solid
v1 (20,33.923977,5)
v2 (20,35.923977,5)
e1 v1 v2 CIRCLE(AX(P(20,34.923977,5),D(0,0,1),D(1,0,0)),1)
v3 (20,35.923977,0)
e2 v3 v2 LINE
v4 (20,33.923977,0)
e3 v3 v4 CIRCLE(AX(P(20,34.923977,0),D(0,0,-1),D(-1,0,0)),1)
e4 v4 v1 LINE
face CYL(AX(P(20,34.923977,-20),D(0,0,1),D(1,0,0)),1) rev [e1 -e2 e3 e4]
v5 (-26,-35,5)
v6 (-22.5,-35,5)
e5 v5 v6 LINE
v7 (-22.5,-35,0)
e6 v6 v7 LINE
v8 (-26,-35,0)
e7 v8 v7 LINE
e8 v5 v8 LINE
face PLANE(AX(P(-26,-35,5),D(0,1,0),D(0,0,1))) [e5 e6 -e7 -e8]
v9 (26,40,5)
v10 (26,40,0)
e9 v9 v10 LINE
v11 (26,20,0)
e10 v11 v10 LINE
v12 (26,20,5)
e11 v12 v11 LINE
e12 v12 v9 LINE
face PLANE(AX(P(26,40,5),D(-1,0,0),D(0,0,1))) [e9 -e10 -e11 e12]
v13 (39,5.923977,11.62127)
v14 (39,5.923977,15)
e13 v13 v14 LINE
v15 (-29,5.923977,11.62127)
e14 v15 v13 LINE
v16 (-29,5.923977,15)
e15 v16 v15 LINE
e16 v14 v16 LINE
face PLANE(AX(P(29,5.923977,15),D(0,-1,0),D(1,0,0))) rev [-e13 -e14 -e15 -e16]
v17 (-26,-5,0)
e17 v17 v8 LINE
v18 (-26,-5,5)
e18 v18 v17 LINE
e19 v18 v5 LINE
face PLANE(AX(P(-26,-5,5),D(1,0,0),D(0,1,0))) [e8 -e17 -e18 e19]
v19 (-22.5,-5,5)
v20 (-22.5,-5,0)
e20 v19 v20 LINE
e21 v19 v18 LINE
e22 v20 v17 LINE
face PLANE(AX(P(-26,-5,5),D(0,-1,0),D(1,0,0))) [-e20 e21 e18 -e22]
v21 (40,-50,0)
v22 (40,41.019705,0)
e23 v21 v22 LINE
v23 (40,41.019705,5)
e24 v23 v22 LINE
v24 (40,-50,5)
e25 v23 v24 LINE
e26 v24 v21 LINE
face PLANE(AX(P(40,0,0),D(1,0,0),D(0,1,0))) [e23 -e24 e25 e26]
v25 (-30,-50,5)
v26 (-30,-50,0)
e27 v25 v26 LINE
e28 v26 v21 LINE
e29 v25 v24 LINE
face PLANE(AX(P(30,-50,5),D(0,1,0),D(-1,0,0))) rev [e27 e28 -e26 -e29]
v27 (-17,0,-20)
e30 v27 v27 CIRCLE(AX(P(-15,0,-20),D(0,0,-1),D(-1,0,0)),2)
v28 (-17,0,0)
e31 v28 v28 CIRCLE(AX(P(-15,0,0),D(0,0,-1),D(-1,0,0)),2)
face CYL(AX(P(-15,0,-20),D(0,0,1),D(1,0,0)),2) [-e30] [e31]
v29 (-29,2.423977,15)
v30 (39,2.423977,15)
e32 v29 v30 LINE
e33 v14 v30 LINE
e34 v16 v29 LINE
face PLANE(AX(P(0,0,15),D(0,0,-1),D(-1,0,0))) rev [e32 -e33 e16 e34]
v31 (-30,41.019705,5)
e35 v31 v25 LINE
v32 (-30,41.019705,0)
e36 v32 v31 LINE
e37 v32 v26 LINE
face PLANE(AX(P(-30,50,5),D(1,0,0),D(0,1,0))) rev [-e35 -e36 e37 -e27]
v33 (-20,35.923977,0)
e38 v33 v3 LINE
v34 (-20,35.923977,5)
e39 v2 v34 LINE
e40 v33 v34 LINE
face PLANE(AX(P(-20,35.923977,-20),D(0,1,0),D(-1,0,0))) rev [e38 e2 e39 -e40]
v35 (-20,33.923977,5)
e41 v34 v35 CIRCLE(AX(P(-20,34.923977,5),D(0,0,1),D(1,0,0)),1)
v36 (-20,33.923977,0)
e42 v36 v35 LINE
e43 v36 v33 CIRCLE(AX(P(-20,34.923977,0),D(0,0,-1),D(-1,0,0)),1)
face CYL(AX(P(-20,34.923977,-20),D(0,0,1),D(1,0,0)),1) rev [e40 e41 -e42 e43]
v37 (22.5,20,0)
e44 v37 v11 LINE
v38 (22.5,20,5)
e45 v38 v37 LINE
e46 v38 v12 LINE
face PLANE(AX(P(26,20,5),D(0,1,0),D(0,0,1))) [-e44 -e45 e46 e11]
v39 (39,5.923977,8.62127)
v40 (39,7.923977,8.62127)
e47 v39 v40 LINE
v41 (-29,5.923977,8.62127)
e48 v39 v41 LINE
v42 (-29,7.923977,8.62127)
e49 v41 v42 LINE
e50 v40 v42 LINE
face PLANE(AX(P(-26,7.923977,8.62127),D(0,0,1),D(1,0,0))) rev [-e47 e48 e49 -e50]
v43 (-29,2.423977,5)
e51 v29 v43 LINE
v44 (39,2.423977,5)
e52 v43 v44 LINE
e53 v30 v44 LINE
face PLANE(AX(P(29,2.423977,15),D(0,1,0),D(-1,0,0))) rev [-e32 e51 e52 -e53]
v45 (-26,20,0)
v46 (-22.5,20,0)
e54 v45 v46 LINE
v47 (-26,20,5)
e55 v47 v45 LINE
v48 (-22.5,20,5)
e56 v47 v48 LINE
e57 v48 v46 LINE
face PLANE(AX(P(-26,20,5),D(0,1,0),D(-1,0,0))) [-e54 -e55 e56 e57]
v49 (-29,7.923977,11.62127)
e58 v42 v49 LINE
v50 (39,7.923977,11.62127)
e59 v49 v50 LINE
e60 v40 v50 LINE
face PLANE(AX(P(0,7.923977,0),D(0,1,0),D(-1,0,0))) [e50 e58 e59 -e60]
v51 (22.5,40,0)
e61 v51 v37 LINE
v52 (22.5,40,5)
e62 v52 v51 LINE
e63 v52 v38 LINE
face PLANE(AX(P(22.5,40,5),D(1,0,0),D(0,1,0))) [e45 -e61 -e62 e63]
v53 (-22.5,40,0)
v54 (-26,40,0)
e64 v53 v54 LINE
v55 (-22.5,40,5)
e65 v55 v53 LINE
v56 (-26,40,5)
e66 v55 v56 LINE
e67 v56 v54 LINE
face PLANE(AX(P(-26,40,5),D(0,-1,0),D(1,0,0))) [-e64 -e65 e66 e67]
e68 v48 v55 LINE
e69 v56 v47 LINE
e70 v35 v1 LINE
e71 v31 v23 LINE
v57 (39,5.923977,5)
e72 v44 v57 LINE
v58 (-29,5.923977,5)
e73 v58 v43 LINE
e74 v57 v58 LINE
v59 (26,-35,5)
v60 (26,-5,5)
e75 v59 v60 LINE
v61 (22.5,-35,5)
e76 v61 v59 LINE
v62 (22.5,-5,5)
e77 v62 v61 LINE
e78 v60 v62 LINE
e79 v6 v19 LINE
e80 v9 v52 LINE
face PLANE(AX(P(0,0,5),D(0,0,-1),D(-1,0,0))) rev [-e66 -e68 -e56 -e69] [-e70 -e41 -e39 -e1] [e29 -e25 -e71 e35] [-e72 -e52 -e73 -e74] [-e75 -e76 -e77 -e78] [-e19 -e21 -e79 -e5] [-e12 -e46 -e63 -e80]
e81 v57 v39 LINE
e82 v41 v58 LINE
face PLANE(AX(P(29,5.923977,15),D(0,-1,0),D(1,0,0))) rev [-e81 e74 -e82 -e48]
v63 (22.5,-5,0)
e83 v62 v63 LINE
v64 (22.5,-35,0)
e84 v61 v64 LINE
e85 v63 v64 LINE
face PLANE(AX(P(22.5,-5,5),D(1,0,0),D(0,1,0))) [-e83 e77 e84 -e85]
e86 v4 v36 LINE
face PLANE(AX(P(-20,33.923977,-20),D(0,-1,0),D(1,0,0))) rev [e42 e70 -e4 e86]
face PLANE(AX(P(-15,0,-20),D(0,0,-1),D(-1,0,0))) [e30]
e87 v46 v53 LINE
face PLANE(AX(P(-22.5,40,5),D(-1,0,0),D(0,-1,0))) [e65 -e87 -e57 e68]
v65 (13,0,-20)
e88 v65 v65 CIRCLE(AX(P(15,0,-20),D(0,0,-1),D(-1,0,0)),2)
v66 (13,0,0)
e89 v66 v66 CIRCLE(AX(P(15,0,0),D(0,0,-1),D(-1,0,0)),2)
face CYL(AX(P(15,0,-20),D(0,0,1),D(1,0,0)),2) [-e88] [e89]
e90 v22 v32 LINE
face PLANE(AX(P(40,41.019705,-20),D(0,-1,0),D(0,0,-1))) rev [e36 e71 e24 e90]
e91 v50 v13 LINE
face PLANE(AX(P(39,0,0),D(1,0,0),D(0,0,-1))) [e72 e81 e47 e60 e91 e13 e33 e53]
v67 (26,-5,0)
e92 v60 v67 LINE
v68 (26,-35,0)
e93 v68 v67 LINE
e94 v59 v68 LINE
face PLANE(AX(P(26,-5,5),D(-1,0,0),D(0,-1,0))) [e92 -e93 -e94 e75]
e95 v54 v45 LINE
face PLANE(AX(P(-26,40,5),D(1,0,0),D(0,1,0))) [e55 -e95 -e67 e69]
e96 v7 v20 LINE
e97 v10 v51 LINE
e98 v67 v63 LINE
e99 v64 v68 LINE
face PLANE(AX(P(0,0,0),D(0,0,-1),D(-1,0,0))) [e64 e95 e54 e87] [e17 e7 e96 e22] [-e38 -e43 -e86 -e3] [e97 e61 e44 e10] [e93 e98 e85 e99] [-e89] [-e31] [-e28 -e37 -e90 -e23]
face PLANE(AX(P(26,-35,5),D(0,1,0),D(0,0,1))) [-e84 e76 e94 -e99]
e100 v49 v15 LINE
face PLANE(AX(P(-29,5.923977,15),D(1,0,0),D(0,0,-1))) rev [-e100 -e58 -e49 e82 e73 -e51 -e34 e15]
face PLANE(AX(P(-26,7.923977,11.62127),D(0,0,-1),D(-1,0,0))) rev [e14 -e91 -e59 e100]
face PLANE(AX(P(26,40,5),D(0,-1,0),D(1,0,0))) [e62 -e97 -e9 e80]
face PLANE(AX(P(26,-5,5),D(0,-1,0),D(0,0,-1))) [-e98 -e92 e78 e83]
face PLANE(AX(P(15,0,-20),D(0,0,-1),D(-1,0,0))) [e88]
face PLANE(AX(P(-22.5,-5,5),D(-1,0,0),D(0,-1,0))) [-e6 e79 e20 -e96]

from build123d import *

# Parameters (mm, degrees)
SKETCH1_W           = 60
SKETCH1_H           = 100
SKETCH1_W_2         = 3.5
SKETCH1_H_2         = 30
SKETCH1_H_3         = 20
BOSS_EXTRUDE1_DEPTH = 5
SKETCH2_W           = 58
SKETCH2_H           = 3.5
BOSS_EXTRUDE2_DEPTH = 10
SKETCH3_W           = 52
SKETCH3_H           = 3
BOSS_EXTRUDE3_DEPTH = 2
SKETCH4_R           = 2
BOSS_EXTRUDE4_DEPTH = 20
CUT_EXTRUDE1_DEPTH  = 64.442887702
SKETCH6_W           = 3
SKETCH6_H           = 2
BOSS_EXTRUDE5_DEPTH = 3
SKETCH7_W           = 3
SKETCH7_H           = 2
BOSS_EXTRUDE6_DEPTH = 3
SKETCH8_W           = 5
SKETCH8_H           = 100
BOSS_EXTRUDE7_DEPTH = 10
BOSS_EXTRUDE8_DEPTH = 10
SKETCH11_W          = 70
SKETCH11_H          = 8.980295192
CUT_EXTRUDE2_DEPTH  = 69.738635424


with BuildPart() as part:
    # Sketch1 → Boss-Extrude1 (new body)
    with BuildSketch(Plane.XY):
        Rectangle(SKETCH1_W, SKETCH1_H)
        with Locations((24.25, -20)):
            Rectangle(SKETCH1_W_2, SKETCH1_H_2, mode=Mode.SUBTRACT)
        with Locations((-24.25, -20)):
            Rectangle(SKETCH1_W_2, SKETCH1_H_2, mode=Mode.SUBTRACT)
        with Locations((24.25, 30)):
            Rectangle(SKETCH1_W_2, SKETCH1_H_3, mode=Mode.SUBTRACT)
        with Locations((-24.25, 30)):
            Rectangle(SKETCH1_W_2, SKETCH1_H_3, mode=Mode.SUBTRACT)
    extrude(amount=BOSS_EXTRUDE1_DEPTH)

    # Sketch2 → Boss-Extrude2 (add)
    with BuildSketch(Plane.XY.offset(5)):
        with Locations((0, 4.173976932)):
            Rectangle(SKETCH2_W, SKETCH2_H)
    extrude(amount=BOSS_EXTRUDE2_DEPTH)

    # Sketch3 → Boss-Extrude3 (add)
    with BuildSketch(Plane(origin=(0, 5.923976932, 0), x_dir=(1, 0, 0), z_dir=(0, 1, 0))):
        with Locations((0, -10.12126967)):
            Rectangle(SKETCH3_W, SKETCH3_H)
    extrude(amount=BOSS_EXTRUDE3_DEPTH)

    # Sketch4 → Boss-Extrude4 (add)
    with BuildSketch(Plane(origin=(0, 0, 0), x_dir=(-1, 0, 0), z_dir=(0, 0, -1))):
        with Locations((15, 0)):
            Circle(SKETCH4_R)
        with Locations((-15, 0)):
            Circle(SKETCH4_R)
    extrude(amount=BOSS_EXTRUDE4_DEPTH)

    # Sketch5 → Cut-Extrude1 (cut, through all)
    with BuildSketch(Plane.XY.offset(5)):
        with BuildLine():
            Line((-20, 35.923976932), (20, 35.923976932))
            ThreePointArc((20, 35.923976932), (21, 34.923976932), (20, 33.923976932))
            Line((20, 33.923976932), (-20, 33.923976932))
            ThreePointArc((-20, 33.923976932), (-21, 34.923976932), (-20, 35.923976932))
        make_face()
    extrude(amount=-CUT_EXTRUDE1_DEPTH, mode=Mode.SUBTRACT)

    # Sketch6 → Boss-Extrude5 (add)
    with BuildSketch(Plane(origin=(26, 0, 0), x_dir=(0, 0, -1), z_dir=(1, 0, 0))):
        with Locations((-10.12126967, 6.923976932)):
            Rectangle(SKETCH6_W, SKETCH6_H)
    extrude(amount=BOSS_EXTRUDE5_DEPTH)

    # Sketch7 → Boss-Extrude6 (add)
    with BuildSketch(Plane.ZY.offset(26)):
        with Locations((10.12126967, 6.923976932)):
            Rectangle(SKETCH7_W, SKETCH7_H)
    extrude(amount=BOSS_EXTRUDE6_DEPTH)

    # Sketch8 → Boss-Extrude7 (add)
    with BuildSketch(Plane(origin=(30, 0, 0), x_dir=(0, 0, -1), z_dir=(1, 0, 0))):
        with Locations((-2.5, 0)):
            Rectangle(SKETCH8_W, SKETCH8_H)
    extrude(amount=BOSS_EXTRUDE7_DEPTH)

    # Sketch9 → Boss-Extrude8 (add)
    with BuildSketch(Plane(origin=(29, 0, 0), x_dir=(0, 0, -1), z_dir=(1, 0, 0))):
        Polygon((-5, 2.423976932), (-5, 5.923976932), (-8.62126967, 5.923976932), (-8.62126967, 7.923976932), (-11.62126967, 7.923976932), (-11.62126967, 5.923976932), (-15, 5.923976932), (-15, 2.423976932), align=None)
    extrude(amount=BOSS_EXTRUDE8_DEPTH)

    # Sketch11 → Cut-Extrude2 (cut, through all)
    with BuildSketch(Plane.XY.offset(5)):
        with Locations((5, 45.509852404)):
            Rectangle(SKETCH11_W, SKETCH11_H)
    extrude(amount=-CUT_EXTRUDE2_DEPTH, mode=Mode.SUBTRACT)


solid = part.part
